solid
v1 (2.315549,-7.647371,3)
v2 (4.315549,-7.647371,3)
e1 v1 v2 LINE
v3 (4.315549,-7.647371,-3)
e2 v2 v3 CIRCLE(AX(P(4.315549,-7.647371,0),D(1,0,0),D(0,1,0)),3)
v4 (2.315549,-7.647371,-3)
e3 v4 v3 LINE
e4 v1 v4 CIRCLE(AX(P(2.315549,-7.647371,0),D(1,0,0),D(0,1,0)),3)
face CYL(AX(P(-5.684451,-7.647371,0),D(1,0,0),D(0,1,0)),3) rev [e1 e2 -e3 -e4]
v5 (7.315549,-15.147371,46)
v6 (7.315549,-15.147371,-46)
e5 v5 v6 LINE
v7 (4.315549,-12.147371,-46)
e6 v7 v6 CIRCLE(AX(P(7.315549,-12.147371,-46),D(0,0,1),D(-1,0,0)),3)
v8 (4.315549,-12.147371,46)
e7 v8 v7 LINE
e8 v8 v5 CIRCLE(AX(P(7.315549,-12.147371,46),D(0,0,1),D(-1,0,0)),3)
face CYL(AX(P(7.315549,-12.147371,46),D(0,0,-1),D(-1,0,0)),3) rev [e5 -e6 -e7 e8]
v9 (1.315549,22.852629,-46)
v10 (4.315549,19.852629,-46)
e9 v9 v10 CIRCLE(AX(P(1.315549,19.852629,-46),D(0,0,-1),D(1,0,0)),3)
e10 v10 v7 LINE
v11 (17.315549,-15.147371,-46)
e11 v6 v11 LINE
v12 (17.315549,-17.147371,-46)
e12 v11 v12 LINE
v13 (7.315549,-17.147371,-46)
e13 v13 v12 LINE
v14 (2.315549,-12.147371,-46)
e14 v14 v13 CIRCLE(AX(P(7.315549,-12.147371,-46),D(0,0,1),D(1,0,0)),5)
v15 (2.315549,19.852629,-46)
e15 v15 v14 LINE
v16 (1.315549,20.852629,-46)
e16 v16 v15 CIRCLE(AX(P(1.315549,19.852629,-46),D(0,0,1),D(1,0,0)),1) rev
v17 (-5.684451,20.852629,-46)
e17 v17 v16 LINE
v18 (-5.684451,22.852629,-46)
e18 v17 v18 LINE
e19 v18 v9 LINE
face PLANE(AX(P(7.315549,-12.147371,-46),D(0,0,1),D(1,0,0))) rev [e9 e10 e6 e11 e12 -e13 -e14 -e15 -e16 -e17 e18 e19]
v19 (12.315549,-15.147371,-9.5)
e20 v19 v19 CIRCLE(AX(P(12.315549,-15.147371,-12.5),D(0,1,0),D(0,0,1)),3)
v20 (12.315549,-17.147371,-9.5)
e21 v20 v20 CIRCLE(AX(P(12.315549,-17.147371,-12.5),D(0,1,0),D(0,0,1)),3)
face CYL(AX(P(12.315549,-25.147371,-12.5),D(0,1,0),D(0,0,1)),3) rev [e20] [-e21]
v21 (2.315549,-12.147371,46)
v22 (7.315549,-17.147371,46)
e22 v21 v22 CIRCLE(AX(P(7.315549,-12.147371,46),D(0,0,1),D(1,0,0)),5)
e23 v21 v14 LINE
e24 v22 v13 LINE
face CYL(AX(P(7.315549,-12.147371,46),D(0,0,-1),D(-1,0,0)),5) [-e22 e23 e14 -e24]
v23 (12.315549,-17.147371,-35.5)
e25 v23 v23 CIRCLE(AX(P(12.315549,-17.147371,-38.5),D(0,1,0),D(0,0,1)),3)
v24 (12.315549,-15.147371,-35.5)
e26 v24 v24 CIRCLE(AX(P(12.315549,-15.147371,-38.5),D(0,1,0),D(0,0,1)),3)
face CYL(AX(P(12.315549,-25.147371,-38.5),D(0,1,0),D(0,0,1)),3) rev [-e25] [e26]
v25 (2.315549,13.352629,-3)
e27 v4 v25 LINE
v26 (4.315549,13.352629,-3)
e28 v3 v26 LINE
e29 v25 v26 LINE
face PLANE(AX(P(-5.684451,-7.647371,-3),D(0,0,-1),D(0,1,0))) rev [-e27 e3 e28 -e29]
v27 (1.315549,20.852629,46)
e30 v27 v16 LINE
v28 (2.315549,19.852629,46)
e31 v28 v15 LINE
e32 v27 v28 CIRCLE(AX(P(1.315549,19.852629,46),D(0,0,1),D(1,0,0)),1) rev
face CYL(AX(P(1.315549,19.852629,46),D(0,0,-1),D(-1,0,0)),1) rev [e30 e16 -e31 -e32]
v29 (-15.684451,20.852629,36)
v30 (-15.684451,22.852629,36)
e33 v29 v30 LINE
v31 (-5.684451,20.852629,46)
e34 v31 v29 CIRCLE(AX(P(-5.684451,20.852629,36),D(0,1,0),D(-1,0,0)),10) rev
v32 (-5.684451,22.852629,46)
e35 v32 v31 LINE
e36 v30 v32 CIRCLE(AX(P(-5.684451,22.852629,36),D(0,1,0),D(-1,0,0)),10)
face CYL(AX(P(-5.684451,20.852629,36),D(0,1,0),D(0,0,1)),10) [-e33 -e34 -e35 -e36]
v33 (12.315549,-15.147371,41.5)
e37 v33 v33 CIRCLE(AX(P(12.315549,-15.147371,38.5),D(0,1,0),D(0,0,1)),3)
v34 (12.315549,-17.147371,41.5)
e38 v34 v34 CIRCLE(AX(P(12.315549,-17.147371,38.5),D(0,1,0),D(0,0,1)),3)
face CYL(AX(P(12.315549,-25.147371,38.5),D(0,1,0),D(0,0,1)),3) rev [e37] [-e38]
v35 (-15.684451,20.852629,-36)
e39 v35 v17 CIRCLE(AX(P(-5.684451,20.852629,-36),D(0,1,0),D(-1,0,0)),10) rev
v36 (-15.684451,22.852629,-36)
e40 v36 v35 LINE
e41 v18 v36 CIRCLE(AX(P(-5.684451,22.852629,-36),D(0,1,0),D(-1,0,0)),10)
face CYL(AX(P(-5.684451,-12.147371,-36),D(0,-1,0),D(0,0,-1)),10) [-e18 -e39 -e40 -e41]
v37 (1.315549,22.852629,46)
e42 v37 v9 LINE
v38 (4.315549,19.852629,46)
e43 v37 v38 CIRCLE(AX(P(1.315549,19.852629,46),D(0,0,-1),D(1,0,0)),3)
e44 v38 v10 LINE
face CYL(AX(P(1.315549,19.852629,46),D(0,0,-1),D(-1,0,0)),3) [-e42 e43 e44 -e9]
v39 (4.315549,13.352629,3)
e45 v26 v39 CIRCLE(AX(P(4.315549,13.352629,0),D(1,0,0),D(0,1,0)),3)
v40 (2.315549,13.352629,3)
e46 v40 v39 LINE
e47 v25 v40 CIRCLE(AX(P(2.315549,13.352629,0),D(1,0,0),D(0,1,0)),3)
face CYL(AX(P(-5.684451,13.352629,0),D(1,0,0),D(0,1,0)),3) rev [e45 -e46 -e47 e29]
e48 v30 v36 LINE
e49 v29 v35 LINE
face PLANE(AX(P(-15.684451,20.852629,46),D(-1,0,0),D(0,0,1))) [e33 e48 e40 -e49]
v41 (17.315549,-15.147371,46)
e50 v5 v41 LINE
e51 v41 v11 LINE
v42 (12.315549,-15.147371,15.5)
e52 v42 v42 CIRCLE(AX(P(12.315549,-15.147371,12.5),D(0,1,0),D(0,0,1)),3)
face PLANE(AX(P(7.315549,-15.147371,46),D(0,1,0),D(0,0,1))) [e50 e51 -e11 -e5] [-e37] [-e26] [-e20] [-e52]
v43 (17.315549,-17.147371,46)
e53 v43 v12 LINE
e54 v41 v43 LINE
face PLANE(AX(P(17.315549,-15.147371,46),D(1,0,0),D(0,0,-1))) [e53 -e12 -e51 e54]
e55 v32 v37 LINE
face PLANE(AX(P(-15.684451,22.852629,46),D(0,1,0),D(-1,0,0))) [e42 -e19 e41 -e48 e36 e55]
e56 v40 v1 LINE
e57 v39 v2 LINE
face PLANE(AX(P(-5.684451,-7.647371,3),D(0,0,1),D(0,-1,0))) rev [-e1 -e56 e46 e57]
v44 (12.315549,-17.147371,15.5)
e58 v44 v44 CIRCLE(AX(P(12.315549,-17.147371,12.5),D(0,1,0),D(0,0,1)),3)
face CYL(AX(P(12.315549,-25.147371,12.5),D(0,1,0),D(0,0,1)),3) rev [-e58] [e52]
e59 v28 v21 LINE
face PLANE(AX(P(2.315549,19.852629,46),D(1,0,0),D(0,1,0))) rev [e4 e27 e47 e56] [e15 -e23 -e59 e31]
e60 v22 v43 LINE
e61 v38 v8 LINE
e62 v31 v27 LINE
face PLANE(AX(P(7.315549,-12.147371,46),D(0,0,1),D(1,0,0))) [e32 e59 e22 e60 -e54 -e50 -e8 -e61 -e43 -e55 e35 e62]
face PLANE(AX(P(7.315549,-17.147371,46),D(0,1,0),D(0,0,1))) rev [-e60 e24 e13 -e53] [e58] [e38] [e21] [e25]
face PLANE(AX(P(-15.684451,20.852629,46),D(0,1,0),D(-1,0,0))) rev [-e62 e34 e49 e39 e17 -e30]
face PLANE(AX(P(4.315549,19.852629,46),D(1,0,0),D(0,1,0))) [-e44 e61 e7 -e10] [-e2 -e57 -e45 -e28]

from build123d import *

# Parameters (mm, degrees)
EXTRUDE_1_DEPTH     = 46
SKETCH_2_R          = 3
CUT_EXTRUDE_1_DEPTH = 10
CUT_EXTRUDE_2_DEPTH = 10
FILLET_1_R          = 10


with BuildPart() as part:
    # 草图1 → 拉伸-薄壁1 (new, symmetric)
    with BuildSketch(Plane.XY):
        with BuildLine():
            Line((-15.684450605, 22.852628588), (1.315549395, 22.852628588))
            ThreePointArc((1.315549395, 22.852628588), (3.436869738, 21.973948932), (4.315549395, 19.852628588))
            Line((4.315549395, 19.852628588), (4.315549395, -12.147371412))
            ThreePointArc((4.315549395, -12.147371412), (5.194229051, -14.268691755), (7.315549395, -15.147371412))
            Line((7.315549395, -15.147371412), (17.315549395, -15.147371412))
            Line((17.315549395, -15.147371412), (17.315549395, -17.147371412))
            Line((17.315549395, -17.147371412), (7.315549395, -17.147371412))
            ThreePointArc((7.315549395, -17.147371412), (3.780015489, -15.682905318), (2.315549395, -12.147371412))
            Line((2.315549395, -12.147371412), (2.315549395, 19.852628588))
            ThreePointArc((2.315549395, 19.852628588), (2.022656176, 20.55973537), (1.315549395, 20.852628588))
            Line((1.315549395, 20.852628588), (-15.684450605, 20.852628588))
            Line((-15.684450605, 20.852628588), (-15.684450605, 22.852628588))
        make_face()
    extrude(amount=EXTRUDE_1_DEPTH, both=True)

    # 草图2 → 切除-拉伸1 (cut)
    with BuildSketch(Plane(origin=(0, -15.147371412, 0), x_dir=(1, 0, 0), z_dir=(0, 1, 0))):
        with Locations(Location((12.315549395, -38.5, 0), (0, 0, 270))):
            Circle(SKETCH_2_R)
        with Locations(Location((12.315549395, -12.5, 0), (0, 0, 270))):
            Circle(SKETCH_2_R)
        with Locations(Location((12.315549395, 12.5, 0), (0, 0, 270))):
            Circle(SKETCH_2_R)
        with Locations(Location((12.315549395, 38.5, 0), (0, 0, 270))):
            Circle(SKETCH_2_R)
    extrude(amount=-CUT_EXTRUDE_1_DEPTH, mode=Mode.SUBTRACT)

    # 草图3 → 切除-拉伸2 (cut)
    with BuildSketch(Plane(origin=(4.315549395, 0, 0), x_dir=(0, 0, -1), z_dir=(1, 0, 0))):
        with BuildLine():
            Line((-3, -7.647371412), (-3, 13.352628588))
            ThreePointArc((-3, 13.352628588), (0, 16.352628588), (3, 13.352628588))
            Line((3, 13.352628588), (3, -7.647371412))
            ThreePointArc((3, -7.647371412), (0, -10.647371412), (-3, -7.647371412))
        make_face()
    extrude(amount=-CUT_EXTRUDE_2_DEPTH, mode=Mode.SUBTRACT)

    # 圆角1
    fillet_1_edges = [part.edges().sort_by_distance(p)[0] for p in [
        (-15.684450605, 21.852628588, -46),
        (-15.684450605, 21.852628588, 46),
    ]]
    fillet(fillet_1_edges, radius=FILLET_1_R)


solid = part.part
